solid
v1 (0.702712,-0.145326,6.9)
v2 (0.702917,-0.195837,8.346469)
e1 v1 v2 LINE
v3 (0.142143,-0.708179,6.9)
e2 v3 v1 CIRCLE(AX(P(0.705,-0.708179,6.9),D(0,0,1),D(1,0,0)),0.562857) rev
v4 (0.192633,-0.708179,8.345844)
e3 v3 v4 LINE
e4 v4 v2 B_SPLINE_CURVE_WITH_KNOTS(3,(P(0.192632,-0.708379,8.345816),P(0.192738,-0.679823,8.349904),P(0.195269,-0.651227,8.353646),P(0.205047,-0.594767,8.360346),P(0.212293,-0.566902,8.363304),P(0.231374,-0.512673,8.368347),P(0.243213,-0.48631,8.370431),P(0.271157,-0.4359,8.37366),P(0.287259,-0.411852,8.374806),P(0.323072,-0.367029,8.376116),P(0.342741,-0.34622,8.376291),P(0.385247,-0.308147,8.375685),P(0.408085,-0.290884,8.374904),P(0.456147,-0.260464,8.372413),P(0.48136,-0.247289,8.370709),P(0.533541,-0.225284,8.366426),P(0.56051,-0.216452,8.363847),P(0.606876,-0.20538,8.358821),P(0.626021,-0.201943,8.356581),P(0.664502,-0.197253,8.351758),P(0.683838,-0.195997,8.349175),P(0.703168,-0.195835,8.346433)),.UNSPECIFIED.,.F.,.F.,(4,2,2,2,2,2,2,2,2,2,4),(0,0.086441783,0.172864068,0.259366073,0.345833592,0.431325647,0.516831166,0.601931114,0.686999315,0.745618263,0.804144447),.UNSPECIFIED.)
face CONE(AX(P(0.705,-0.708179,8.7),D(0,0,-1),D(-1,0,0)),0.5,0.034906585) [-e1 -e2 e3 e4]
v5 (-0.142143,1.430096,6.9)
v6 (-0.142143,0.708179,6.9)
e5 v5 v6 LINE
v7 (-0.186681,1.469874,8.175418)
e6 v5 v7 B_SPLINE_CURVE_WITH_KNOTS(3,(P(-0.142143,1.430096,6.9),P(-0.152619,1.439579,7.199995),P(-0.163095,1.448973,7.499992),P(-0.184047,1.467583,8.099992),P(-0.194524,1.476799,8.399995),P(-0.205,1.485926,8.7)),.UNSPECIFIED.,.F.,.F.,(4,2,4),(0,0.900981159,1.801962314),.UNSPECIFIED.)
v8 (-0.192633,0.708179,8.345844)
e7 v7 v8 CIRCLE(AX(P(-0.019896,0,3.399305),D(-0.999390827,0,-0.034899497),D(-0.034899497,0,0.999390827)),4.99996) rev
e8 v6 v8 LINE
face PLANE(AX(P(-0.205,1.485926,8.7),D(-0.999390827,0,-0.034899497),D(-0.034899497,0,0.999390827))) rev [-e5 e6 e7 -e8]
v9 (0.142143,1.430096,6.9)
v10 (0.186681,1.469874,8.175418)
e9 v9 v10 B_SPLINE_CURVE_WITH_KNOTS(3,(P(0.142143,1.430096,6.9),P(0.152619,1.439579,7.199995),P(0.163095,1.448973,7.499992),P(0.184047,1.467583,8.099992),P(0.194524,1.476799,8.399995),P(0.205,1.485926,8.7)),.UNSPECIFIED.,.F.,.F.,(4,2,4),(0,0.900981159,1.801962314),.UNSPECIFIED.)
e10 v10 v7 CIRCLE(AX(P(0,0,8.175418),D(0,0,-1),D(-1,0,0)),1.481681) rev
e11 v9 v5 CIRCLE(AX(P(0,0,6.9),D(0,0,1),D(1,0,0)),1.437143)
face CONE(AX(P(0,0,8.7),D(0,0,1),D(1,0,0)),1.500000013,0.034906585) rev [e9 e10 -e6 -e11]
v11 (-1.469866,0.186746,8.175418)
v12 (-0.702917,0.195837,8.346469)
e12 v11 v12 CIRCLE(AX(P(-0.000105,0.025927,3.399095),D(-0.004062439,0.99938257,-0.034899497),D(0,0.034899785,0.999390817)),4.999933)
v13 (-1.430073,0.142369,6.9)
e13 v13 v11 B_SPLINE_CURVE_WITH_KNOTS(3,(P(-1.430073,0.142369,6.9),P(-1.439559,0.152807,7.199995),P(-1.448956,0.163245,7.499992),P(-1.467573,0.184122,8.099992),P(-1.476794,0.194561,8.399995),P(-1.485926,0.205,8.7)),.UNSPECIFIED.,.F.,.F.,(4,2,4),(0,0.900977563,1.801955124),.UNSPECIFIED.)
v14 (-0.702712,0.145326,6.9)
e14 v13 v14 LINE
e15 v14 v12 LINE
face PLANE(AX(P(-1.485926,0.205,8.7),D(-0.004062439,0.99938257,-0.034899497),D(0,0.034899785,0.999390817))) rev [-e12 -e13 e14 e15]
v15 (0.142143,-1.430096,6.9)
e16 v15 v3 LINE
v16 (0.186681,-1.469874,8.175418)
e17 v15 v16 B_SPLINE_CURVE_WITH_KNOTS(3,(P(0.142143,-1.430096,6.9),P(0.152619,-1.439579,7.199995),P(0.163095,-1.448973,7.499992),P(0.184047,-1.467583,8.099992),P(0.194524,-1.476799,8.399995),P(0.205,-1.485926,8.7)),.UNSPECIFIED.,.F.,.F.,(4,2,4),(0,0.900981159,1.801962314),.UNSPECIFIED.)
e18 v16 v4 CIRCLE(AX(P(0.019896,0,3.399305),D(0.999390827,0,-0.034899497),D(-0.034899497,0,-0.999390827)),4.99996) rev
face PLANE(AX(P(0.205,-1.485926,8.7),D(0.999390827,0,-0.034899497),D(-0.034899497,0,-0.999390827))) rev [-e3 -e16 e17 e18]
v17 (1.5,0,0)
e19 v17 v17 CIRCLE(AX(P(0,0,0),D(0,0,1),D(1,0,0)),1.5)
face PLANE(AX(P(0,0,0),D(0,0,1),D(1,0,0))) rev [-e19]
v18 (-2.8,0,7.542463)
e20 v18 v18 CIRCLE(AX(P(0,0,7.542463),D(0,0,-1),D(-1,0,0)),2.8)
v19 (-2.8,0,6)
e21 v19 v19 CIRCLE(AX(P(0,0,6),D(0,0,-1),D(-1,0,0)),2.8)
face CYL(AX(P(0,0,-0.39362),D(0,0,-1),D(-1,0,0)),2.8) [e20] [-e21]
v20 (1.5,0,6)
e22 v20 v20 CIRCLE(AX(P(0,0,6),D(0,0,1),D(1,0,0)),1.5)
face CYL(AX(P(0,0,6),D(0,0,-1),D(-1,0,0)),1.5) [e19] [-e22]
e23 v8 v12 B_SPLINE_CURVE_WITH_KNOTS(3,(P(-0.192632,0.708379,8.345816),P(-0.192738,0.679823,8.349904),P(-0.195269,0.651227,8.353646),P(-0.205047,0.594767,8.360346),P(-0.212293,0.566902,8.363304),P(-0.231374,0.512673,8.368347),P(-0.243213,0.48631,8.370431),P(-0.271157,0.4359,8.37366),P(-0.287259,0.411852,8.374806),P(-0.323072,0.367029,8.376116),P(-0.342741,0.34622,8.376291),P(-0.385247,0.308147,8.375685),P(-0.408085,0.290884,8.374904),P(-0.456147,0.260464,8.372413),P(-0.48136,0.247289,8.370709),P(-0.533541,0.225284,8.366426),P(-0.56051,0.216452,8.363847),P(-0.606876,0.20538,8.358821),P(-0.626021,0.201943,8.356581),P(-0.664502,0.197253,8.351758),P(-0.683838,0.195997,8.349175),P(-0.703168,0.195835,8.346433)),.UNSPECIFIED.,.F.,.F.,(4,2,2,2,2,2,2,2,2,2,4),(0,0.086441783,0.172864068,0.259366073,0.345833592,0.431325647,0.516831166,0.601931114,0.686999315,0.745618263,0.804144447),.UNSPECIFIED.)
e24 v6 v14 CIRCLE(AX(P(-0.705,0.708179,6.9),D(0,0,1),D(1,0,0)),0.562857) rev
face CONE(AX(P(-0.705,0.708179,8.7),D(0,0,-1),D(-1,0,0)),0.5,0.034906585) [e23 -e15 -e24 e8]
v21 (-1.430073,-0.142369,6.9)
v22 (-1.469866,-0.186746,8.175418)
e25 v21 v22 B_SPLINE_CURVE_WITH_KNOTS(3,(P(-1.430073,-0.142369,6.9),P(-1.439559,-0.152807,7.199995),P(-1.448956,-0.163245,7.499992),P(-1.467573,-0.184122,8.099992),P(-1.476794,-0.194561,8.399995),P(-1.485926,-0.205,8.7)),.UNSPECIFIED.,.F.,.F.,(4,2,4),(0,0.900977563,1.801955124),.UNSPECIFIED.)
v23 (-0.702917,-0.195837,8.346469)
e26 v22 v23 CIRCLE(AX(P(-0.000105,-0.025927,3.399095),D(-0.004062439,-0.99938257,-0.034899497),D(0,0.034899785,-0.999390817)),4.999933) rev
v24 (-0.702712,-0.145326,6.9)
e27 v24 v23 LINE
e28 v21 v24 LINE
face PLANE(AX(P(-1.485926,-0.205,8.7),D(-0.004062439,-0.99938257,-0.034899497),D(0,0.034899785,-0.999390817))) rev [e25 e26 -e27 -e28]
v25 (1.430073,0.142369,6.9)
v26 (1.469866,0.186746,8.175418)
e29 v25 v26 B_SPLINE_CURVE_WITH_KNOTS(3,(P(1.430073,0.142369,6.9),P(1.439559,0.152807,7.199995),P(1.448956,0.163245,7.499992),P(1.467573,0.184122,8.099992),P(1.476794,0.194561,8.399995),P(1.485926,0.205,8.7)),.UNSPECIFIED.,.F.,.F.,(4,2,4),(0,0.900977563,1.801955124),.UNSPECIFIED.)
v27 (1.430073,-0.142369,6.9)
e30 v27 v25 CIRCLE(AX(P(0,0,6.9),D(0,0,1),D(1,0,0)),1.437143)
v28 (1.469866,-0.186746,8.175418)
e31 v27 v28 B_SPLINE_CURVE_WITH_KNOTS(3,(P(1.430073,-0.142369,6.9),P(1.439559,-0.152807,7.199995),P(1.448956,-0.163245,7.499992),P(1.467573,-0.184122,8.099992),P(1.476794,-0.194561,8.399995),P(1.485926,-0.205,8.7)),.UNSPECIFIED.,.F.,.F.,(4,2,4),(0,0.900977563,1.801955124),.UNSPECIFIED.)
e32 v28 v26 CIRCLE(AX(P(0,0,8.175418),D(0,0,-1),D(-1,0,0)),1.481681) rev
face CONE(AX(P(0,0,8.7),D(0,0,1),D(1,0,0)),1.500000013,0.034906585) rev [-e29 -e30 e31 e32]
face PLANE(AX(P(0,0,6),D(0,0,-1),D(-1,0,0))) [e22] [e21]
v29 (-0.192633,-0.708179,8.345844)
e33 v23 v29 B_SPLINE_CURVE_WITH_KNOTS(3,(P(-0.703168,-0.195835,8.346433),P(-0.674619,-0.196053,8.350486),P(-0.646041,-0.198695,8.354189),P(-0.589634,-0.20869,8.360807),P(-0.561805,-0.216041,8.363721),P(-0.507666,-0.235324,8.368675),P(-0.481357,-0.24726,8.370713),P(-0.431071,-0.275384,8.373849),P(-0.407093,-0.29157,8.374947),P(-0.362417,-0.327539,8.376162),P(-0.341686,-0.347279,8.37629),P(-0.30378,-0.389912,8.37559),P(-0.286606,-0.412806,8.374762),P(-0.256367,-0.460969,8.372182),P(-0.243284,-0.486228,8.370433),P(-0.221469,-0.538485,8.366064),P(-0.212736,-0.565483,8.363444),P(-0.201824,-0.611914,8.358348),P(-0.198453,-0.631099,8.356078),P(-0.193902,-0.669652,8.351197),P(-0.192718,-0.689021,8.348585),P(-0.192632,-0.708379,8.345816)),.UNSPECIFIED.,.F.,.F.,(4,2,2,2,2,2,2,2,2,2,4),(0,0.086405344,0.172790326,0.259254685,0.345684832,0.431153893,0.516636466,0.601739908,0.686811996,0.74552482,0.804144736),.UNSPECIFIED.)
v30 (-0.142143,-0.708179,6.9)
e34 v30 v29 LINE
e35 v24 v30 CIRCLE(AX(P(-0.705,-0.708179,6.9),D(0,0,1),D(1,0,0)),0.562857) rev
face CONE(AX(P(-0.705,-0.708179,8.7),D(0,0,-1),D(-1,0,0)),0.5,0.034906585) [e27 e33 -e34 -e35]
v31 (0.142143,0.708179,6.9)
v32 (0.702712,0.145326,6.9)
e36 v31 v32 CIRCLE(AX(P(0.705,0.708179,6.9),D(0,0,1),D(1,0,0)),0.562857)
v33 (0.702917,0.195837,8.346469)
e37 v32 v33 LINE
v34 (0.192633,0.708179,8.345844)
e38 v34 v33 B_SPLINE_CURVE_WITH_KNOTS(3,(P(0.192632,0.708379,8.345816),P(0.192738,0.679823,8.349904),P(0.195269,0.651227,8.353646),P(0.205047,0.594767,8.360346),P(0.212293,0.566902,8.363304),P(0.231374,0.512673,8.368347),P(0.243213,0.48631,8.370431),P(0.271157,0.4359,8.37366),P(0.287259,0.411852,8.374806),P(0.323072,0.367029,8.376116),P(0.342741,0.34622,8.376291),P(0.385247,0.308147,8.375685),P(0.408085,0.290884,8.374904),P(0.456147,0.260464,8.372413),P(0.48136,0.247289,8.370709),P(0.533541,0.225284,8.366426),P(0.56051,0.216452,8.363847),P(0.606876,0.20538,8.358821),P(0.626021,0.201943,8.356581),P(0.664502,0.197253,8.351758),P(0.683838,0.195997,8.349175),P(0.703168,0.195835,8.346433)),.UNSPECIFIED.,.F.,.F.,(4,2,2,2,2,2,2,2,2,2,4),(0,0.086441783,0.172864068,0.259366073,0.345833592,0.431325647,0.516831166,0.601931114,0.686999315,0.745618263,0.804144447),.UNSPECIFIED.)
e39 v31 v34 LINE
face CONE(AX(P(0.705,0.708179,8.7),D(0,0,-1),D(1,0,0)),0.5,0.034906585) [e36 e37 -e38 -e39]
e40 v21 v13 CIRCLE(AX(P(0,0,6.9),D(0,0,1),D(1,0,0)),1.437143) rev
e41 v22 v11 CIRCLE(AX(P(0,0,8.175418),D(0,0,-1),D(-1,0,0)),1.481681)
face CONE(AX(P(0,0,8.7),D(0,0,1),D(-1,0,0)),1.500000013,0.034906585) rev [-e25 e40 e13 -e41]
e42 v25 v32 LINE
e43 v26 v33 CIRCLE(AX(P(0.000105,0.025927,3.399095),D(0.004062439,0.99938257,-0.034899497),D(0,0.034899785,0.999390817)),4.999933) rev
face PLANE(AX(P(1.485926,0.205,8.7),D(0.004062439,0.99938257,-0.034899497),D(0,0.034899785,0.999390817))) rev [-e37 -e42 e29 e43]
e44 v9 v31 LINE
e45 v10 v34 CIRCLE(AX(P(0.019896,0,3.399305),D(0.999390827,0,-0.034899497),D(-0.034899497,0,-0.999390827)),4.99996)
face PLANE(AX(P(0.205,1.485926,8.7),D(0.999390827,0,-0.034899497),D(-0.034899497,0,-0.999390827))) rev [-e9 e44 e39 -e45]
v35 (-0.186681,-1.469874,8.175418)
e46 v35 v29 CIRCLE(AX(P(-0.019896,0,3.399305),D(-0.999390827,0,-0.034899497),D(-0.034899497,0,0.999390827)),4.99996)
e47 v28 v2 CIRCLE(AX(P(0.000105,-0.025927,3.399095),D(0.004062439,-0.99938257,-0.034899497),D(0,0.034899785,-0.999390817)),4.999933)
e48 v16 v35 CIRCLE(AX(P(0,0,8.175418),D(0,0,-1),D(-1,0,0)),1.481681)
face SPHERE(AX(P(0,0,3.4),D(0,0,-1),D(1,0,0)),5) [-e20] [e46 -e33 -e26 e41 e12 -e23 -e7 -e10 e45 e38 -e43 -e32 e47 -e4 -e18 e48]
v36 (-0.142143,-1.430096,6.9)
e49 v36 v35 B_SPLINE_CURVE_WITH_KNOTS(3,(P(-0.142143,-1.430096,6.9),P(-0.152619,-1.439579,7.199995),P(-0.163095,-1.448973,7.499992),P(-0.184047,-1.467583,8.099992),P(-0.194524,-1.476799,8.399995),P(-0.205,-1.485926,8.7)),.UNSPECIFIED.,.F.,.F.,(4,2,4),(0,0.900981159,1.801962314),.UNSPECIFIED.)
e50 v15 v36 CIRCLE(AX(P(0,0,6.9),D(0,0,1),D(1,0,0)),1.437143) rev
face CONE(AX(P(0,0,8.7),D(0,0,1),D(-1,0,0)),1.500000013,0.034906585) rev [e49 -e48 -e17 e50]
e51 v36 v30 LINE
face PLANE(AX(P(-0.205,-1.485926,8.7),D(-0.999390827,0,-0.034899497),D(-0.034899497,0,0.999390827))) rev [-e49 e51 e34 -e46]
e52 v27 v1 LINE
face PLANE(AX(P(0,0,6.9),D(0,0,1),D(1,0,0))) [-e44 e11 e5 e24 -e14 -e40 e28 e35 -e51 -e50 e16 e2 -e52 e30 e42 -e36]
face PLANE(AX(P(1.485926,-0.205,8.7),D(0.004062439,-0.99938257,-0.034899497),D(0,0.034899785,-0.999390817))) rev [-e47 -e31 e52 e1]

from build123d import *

# Parameters (mm, degrees)
SKETCH1_R          = 1.5
BASE_EXTRUDE_DEPTH = 6
CUT_EXTRUDE1_DEPTH = 1.799999969
CUT_EXTRUDE1_TAPER = 2


with BuildPart() as part:
    # Sketch1 → Base-Extrude (new body)
    with BuildSketch(Plane.XY):
        Circle(SKETCH1_R)
    extrude(amount=BASE_EXTRUDE_DEPTH)

    # Sketch6 → Boss-Revolve2 (revolve)
    with BuildSketch(Plane(origin=(0, 0, 0), x_dir=(1, 0, 0), z_dir=(0, 1, 0))):
        with BuildLine():
            Line((0, -6), (2.7999999, -6))
            Line((2.7999999, -6), (2.7999999, -7.54246308))
            ThreePointArc((2.7999999, -7.54246308), (1.46418655, -8.180811406), (0, -8.4))
            Line((0, -8.4), (0, -6))
        make_face()
    revolve(axis=Axis((0, 0, -0.393620135), (0, 0, 1)))

    # Sketch7 → Cut-Extrude1 (cut)
    with BuildSketch(Plane(origin=(0, 0, 8.7000001), x_dir=(-1, 0, 0), z_dir=(0, 0, -1))):
        with BuildLine():
            ThreePointArc((0.205000004, 1.48592565), (0, 1.500000013), (-0.205000004, 1.48592565))
            Line((-0.205000004, 1.48592565), (-0.205000004, 0.708178558))
            ThreePointArc((-0.205000004, 0.708178558), (-0.35072876, 0.355344481), (-0.702967546, 0.208182689))
            Line((-0.702967546, 0.208182689), (-1.48592565, 0.205000004))
            ThreePointArc((-1.48592565, 0.205000004), (-1.500000013, 0), (-1.48592565, -0.205000004))
            Line((-1.48592565, -0.205000004), (-0.702967546, -0.208182689))
            ThreePointArc((-0.702967546, -0.208182689), (-0.35072876, -0.355344481), (-0.205000004, -0.708178558))
            Line((-0.205000004, -0.708178558), (-0.205000004, -1.48592565))
            ThreePointArc((-0.205000004, -1.48592565), (0, -1.500000013), (0.205000004, -1.48592565))
            Line((0.205000004, -1.48592565), (0.205000004, -0.708178558))
            ThreePointArc((0.205000004, -0.708178558), (0.35072876, -0.355344481), (0.702967546, -0.208182689))
            Line((0.702967546, -0.208182689), (1.48592565, -0.205000004))
            ThreePointArc((1.48592565, -0.205000004), (1.500000013, 0), (1.48592565, 0.205000004))
            Line((1.48592565, 0.205000004), (0.702967546, 0.208182689))
            ThreePointArc((0.702967546, 0.208182689), (0.35072876, 0.355344481), (0.205000004, 0.708178558))
            Line((0.205000004, 0.708178558), (0.205000004, 1.48592565))
        make_face()
    extrude(amount=CUT_EXTRUDE1_DEPTH, taper=CUT_EXTRUDE1_TAPER, mode=Mode.SUBTRACT)


solid = part.part
